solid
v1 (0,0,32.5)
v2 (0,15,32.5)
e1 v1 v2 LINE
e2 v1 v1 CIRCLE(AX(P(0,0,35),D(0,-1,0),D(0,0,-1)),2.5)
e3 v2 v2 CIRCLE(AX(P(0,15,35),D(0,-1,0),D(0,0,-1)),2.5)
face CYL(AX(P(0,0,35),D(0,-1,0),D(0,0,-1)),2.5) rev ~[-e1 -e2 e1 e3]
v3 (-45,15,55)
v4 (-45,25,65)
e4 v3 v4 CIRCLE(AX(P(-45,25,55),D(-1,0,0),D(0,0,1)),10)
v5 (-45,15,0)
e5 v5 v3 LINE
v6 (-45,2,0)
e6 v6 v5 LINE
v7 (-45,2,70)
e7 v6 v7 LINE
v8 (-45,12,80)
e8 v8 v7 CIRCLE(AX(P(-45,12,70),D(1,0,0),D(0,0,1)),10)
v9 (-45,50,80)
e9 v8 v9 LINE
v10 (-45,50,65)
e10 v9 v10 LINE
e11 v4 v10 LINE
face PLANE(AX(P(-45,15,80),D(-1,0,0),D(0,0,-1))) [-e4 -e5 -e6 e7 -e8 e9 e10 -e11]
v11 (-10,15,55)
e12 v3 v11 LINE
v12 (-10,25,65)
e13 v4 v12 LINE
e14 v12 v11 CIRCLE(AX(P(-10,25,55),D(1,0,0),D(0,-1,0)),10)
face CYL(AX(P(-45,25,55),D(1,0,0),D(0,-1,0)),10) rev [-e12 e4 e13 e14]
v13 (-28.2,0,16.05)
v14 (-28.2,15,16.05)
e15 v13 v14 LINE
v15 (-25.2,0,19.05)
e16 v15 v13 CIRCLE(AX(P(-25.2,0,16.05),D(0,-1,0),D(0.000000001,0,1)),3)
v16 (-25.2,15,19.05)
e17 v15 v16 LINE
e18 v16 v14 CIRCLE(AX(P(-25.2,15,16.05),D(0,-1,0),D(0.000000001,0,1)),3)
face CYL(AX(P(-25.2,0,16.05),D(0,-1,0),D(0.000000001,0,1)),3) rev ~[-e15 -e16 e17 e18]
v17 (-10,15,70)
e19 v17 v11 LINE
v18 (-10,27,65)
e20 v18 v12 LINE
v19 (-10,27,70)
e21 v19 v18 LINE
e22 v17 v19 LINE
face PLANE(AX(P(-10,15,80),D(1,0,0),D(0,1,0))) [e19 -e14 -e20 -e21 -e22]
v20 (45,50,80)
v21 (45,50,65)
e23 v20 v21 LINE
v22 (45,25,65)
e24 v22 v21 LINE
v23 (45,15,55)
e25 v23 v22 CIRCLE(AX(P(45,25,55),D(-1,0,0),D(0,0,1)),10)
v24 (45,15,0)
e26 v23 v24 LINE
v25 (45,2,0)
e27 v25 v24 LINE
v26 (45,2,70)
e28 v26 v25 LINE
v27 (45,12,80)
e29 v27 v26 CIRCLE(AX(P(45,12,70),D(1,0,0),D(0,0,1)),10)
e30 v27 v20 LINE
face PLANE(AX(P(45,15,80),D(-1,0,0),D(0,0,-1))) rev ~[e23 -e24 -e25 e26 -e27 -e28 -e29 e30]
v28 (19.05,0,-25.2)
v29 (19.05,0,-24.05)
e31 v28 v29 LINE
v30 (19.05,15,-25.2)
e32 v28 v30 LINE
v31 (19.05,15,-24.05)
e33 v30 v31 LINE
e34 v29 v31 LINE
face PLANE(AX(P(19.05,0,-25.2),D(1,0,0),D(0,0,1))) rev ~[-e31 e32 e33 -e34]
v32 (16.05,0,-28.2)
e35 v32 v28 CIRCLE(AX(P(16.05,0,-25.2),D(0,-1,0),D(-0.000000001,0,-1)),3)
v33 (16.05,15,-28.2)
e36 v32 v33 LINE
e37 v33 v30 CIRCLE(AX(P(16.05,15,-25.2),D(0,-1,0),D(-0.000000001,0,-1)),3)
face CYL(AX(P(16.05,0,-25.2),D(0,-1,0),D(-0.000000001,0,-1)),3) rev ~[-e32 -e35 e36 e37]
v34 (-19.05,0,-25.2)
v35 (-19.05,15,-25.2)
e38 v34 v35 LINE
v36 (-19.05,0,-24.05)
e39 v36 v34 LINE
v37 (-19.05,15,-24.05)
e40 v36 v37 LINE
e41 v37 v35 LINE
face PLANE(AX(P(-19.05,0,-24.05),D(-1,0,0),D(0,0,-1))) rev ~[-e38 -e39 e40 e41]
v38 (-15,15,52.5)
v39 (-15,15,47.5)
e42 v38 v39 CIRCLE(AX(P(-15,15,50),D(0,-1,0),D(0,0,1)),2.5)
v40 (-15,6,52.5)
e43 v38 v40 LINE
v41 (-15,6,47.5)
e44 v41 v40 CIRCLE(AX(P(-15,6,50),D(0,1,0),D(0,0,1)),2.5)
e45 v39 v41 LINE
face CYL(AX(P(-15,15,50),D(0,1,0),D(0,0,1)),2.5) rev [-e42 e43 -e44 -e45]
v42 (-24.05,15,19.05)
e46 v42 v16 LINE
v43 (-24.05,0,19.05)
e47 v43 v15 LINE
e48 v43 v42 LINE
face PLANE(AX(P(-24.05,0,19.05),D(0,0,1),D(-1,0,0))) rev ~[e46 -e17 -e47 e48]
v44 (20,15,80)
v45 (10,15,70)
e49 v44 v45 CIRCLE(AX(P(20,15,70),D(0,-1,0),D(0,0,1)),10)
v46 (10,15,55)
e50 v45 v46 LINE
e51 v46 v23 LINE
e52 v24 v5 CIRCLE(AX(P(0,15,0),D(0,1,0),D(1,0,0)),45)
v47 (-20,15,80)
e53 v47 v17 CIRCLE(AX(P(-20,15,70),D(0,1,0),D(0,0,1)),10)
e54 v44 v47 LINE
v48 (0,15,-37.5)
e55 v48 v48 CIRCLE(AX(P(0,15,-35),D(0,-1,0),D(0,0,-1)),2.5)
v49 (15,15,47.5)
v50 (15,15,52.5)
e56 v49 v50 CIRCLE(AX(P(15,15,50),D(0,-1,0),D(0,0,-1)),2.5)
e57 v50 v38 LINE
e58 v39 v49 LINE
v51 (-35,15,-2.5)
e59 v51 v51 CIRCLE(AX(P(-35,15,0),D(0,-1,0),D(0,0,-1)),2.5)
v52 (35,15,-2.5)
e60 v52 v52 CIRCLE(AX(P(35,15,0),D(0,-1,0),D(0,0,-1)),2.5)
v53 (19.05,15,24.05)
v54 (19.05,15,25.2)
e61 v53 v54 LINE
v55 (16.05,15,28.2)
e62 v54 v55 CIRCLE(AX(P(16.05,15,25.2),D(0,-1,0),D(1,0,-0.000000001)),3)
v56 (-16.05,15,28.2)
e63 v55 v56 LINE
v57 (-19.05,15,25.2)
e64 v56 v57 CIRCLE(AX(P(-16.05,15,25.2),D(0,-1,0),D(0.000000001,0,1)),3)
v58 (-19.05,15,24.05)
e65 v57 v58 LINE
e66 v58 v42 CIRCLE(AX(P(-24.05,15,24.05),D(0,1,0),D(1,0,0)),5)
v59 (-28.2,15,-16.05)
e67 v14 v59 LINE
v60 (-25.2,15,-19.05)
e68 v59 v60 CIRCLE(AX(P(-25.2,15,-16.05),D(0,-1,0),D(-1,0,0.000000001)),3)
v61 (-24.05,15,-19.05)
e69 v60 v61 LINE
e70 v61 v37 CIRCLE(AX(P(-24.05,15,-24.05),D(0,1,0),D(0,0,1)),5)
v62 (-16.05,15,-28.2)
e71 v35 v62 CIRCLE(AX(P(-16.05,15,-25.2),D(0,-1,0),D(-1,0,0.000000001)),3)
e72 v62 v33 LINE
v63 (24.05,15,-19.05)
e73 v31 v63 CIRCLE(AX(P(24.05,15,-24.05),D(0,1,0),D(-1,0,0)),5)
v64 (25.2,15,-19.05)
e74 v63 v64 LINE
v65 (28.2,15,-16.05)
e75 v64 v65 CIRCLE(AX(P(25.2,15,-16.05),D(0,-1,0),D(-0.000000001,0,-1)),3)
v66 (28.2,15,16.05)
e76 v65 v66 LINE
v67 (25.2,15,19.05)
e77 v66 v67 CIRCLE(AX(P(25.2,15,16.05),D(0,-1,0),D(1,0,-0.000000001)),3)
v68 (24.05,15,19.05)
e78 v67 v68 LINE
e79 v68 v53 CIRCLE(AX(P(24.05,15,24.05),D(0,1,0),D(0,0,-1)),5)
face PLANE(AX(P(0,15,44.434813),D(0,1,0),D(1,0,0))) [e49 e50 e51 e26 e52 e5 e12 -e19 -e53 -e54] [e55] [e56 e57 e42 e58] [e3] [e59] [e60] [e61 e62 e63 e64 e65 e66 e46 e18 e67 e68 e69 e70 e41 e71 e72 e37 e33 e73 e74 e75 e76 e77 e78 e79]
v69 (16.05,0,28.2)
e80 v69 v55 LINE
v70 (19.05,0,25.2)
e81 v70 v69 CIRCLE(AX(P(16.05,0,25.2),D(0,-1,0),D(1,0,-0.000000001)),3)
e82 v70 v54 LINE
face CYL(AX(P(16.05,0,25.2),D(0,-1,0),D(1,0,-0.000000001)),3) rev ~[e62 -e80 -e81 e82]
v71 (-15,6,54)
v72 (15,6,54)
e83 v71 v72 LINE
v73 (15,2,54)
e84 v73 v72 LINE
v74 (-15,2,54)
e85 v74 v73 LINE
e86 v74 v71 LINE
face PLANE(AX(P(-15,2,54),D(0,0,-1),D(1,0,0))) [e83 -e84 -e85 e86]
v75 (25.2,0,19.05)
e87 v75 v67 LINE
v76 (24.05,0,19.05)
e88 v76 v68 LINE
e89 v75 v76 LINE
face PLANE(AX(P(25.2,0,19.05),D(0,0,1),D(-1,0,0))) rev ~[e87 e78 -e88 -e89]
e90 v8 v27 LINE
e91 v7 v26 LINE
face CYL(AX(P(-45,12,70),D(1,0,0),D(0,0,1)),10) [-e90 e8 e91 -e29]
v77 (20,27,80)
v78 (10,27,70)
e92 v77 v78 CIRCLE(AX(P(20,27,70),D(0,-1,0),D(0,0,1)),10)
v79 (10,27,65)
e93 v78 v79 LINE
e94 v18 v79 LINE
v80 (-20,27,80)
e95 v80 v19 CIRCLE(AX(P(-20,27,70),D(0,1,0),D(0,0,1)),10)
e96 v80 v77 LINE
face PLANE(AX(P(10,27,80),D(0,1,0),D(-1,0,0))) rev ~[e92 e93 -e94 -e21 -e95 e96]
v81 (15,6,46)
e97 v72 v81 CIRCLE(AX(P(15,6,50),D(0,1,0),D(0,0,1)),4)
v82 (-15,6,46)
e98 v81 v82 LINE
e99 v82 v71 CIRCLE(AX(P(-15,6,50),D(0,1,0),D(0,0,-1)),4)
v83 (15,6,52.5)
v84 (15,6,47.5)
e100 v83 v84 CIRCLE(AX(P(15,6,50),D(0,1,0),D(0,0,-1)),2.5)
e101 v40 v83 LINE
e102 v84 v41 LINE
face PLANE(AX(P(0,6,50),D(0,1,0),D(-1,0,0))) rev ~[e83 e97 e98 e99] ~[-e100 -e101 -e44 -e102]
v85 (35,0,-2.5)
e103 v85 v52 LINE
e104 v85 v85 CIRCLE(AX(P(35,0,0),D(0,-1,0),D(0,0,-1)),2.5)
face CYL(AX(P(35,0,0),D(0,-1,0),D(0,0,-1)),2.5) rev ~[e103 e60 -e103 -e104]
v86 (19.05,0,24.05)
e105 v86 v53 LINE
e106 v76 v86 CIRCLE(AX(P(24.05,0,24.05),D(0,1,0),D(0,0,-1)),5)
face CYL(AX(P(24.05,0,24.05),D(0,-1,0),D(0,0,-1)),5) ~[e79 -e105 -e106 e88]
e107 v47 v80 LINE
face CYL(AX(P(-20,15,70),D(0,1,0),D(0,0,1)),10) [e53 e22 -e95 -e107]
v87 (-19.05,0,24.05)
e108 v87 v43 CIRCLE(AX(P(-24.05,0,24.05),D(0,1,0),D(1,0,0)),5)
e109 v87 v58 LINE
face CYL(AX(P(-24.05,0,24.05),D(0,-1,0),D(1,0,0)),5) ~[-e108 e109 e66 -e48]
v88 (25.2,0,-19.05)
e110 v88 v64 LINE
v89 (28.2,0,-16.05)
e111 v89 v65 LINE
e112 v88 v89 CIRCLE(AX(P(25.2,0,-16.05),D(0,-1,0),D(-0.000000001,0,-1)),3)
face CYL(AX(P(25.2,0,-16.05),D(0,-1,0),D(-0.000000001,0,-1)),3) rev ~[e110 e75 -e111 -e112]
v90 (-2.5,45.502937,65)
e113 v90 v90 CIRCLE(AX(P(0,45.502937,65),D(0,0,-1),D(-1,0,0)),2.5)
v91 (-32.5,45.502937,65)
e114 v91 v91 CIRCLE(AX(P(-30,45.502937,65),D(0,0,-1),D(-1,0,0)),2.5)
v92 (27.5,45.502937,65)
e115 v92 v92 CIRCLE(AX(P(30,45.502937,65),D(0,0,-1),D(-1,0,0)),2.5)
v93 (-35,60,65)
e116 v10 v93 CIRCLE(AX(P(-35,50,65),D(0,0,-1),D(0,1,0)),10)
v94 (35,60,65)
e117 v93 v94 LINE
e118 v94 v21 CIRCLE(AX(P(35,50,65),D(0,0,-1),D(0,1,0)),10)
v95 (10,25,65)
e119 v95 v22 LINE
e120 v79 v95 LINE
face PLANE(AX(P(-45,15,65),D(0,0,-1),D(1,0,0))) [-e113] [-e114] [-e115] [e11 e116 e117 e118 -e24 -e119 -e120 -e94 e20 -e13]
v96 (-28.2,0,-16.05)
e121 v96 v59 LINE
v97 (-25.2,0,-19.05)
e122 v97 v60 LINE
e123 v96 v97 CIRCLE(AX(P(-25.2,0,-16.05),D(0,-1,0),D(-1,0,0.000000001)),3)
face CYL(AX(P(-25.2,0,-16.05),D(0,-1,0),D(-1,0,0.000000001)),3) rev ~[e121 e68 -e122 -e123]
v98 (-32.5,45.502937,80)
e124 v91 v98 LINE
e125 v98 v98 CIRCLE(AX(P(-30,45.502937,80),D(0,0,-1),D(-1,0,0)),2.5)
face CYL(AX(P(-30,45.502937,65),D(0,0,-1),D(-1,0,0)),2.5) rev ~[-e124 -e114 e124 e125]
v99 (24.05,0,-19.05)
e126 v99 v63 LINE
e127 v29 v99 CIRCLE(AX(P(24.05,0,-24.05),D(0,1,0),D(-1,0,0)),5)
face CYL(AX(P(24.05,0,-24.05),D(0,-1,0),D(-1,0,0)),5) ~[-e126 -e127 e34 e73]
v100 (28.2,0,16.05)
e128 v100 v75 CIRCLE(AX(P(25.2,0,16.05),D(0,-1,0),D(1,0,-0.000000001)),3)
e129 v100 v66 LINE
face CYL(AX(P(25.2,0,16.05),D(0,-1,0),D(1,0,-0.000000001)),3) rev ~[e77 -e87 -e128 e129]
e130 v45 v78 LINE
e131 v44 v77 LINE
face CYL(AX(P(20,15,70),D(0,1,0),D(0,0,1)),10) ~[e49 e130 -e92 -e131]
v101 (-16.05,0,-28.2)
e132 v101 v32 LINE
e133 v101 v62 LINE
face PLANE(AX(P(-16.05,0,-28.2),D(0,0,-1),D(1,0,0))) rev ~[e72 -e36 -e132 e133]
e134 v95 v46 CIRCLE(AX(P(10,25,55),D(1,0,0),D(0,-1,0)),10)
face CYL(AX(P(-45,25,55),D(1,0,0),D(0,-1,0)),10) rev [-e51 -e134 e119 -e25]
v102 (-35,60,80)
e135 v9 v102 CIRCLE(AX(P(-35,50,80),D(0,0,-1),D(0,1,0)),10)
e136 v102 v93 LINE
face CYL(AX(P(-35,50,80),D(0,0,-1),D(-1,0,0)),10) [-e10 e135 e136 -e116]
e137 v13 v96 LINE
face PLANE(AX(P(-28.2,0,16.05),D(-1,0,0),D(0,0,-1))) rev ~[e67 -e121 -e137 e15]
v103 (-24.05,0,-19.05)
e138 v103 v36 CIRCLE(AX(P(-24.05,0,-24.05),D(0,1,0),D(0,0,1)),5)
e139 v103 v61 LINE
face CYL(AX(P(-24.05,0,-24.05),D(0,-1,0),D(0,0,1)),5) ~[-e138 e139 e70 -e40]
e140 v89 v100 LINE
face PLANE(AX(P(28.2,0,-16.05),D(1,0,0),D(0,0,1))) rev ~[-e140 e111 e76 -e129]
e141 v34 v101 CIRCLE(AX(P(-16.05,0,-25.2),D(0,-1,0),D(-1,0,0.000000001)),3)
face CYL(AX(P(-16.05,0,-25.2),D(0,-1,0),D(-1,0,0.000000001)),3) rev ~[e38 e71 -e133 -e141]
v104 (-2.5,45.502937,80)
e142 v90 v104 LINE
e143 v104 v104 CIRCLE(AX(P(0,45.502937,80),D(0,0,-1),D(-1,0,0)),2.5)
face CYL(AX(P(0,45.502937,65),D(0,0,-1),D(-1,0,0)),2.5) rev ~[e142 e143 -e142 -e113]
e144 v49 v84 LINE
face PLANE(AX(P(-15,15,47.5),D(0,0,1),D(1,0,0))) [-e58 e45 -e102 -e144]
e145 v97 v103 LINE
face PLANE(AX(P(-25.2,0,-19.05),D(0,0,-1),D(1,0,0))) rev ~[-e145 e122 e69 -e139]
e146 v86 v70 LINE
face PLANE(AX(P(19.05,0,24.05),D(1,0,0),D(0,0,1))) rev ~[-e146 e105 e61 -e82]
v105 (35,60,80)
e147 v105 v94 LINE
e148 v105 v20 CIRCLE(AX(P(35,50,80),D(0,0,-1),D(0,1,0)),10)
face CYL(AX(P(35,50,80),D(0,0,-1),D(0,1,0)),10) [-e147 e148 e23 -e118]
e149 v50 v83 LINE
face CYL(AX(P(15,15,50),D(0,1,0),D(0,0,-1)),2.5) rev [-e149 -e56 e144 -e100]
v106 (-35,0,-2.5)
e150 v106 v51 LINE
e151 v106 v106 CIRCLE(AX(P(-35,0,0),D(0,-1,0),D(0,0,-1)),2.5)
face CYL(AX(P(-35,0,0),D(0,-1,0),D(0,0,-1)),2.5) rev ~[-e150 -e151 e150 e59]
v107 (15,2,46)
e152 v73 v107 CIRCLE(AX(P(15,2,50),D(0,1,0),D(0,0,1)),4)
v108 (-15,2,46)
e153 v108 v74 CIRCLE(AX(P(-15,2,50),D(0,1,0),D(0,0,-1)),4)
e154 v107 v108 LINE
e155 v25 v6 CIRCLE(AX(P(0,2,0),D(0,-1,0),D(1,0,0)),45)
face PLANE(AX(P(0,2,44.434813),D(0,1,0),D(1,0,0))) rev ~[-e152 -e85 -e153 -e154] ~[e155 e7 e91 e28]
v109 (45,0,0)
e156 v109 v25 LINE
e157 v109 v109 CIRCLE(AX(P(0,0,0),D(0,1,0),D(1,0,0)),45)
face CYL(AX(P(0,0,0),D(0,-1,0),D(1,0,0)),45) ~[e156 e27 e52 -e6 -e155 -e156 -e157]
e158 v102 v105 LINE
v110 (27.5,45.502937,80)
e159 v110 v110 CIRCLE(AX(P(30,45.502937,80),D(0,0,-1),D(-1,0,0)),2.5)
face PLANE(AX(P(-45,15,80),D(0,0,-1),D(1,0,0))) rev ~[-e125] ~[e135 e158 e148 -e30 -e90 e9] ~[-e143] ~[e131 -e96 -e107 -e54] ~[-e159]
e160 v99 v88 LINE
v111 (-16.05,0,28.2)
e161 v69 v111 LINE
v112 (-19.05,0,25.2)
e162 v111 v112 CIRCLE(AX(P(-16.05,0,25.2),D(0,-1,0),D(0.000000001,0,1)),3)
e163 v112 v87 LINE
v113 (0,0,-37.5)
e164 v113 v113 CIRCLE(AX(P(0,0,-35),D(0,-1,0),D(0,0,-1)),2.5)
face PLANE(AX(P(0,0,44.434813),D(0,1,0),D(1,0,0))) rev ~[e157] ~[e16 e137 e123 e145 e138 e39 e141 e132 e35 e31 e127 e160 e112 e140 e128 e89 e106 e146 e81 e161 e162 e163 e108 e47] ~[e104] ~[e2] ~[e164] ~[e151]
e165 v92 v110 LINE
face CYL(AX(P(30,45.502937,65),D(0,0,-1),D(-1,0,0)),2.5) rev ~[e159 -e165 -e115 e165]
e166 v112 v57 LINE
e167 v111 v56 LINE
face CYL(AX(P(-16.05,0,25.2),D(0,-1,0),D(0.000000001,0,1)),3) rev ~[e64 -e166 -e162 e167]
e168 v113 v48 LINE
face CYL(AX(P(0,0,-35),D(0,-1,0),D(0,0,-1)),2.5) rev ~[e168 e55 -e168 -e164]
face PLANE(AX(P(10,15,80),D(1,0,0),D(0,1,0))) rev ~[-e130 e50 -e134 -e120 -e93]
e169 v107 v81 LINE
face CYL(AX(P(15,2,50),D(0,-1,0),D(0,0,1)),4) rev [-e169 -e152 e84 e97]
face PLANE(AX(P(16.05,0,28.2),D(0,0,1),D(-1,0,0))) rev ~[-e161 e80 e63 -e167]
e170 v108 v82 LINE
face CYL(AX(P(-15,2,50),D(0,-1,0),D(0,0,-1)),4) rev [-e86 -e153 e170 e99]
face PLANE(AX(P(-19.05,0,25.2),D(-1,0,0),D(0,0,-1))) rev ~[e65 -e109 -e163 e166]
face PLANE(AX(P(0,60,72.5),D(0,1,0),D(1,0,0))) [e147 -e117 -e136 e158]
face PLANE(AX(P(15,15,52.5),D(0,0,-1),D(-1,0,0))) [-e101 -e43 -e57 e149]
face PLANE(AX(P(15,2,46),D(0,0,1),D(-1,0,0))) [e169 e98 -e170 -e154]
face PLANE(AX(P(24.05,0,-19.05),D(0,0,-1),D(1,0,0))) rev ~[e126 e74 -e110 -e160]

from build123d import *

# Parameters (mm, degrees)
BOSS_EXTRUDE1_DEPTH     = 15
SKETCH2_W               = 90
SKETCH2_H               = 15
BOSS_EXTRUDE2_DEPTH     = 45
CUT_EXTRUDE1_DEPTH      = 2
SKETCH4_R               = 2.5
CUT_EXTRUDE2_DEPTH      = 110.658560997
FILLET1_R               = 10
SKETCH5_R               = 2.5
CUT_EXTRUDE3_DEPTH      = 134.135269557
CUT_EXTRUDE4_DEPTH      = 103.225241501
CUT_EXTRUDE5_DEPTH      = 4
CUT_EXTRUDE6_DEPTH      = 10
CUT_EXTRUDE6_DEPTH_BACK = 15
SKETCH8_W               = 20
SKETCH8_H               = 12
FILLET2_R               = 10


with BuildPart() as part:
    # Sketch1 → Boss-Extrude1 (new body)
    with BuildSketch(Plane(origin=(0, 0, 0), x_dir=(1, 0, 0), z_dir=(0, 1, 0))):
        with BuildLine():
            ThreePointArc((45, 0), (0, -45), (-45, 0))
            Line((-45, 0), (-45, -80))
            Line((-45, -80), (45, -80))
            Line((45, -80), (45, 0))
        make_face()
        with BuildLine():
            Line((-28.2, -16.05), (-28.2, 0))
            Line((-28.2, 0), (-45, 0))
            ThreePointArc((-45, 0), (0, -45), (45, 0))
            Line((45, 0), (28.2, 0))
            Line((28.2, 0), (28.2, -16.05))
            ThreePointArc((28.2, -16.05), (27.321320344, -18.171320344), (25.2, -19.05))
            Line((25.2, -19.05), (24.05, -19.05))
            ThreePointArc((24.05, -19.05), (20.514466094, -20.514466094), (19.05, -24.05))
            Line((19.05, -24.05), (19.05, -25.2))
            ThreePointArc((19.05, -25.2), (18.171320344, -27.321320344), (16.05, -28.2))
            Line((16.05, -28.2), (-16.05, -28.2))
            ThreePointArc((-16.05, -28.2), (-18.171320344, -27.321320344), (-19.05, -25.2))
            Line((-19.05, -25.2), (-19.05, -24.05))
            ThreePointArc((-19.05, -24.05), (-20.514466094, -20.514466094), (-24.05, -19.05))
            Line((-24.05, -19.05), (-25.2, -19.05))
            ThreePointArc((-25.2, -19.05), (-27.321320344, -18.171320344), (-28.2, -16.05))
        make_face()
        with BuildLine():
            ThreePointArc((-19.05, 25.2), (-18.171320344, 27.321320344), (-16.05, 28.2))
            Line((-16.05, 28.2), (16.05, 28.2))
            ThreePointArc((16.05, 28.2), (18.171320344, 27.321320344), (19.05, 25.2))
            Line((19.05, 25.2), (19.05, 24.05))
            ThreePointArc((19.05, 24.05), (20.514466094, 20.514466094), (24.05, 19.05))
            Line((24.05, 19.05), (25.2, 19.05))
            ThreePointArc((25.2, 19.05), (27.321320344, 18.171320344), (28.2, 16.05))
            Line((28.2, 16.05), (28.2, 0))
            Line((28.2, 0), (45, 0))
            ThreePointArc((45, 0), (0, 45), (-45, 0))
            Line((-45, 0), (-28.2, 0))
            Line((-28.2, 0), (-28.2, 16.05))
            ThreePointArc((-28.2, 16.05), (-27.321320344, 18.171320344), (-25.2, 19.05))
            Line((-25.2, 19.05), (-24.05, 19.05))
            ThreePointArc((-24.05, 19.05), (-20.514466094, 20.514466094), (-19.05, 24.05))
            Line((-19.05, 24.05), (-19.05, 25.2))
        make_face()
    extrude(amount=BOSS_EXTRUDE1_DEPTH)

    # Sketch2 → Boss-Extrude2 (add)
    with BuildSketch(Plane(origin=(0, 15, 0), x_dir=(1, 0, 0), z_dir=(0, 1, 0))):
        with Locations((0, -72.5)):
            Rectangle(SKETCH2_W, SKETCH2_H)
    extrude(amount=BOSS_EXTRUDE2_DEPTH)

    # Sketch3 → Cut-Extrude1 (cut)
    with BuildSketch(Plane(origin=(0, 0, 0), x_dir=(-1, 0, 0), z_dir=(0, -1, 0))):
        with BuildLine():
            Line((45, -80), (-45, -80))
            Line((-45, -80), (-45, 0))
            ThreePointArc((-45, 0), (0, -45), (45, 0))
            Line((45, 0), (45, -80))
        make_face()
    extrude(amount=-CUT_EXTRUDE1_DEPTH, mode=Mode.SUBTRACT)

    # Sketch4 → Cut-Extrude2 (cut, through all)
    with BuildSketch(Plane(origin=(0, 0, 0), x_dir=(-1, 0, 0), z_dir=(0, -1, 0))):
        with Locations(Location((0, -35, 0), (0, 0, 90))):
            Circle(SKETCH4_R)
        with Locations(Location((-35, 0, 0), (0, 0, 90))):
            Circle(SKETCH4_R)
        with Locations(Location((0, 35, 0), (0, 0, 90))):
            Circle(SKETCH4_R)
        with Locations(Location((35, 0, 0), (0, 0, 90))):
            Circle(SKETCH4_R)
    extrude(amount=-CUT_EXTRUDE2_DEPTH, mode=Mode.SUBTRACT)

    # Fillet1
    fillet1_edges = [part.edges().sort_by_distance(p)[0] for p in [
        (0, 2, 80),
        (-45, 60, 72.5),
        (45, 60, 72.5),
        (0, 15, 65),
    ]]
    fillet(fillet1_edges, radius=FILLET1_R)

    # Sketch5 → Cut-Extrude3 (cut, through all)
    with BuildSketch(Plane(origin=(0, 0, 65), x_dir=(-1, 0, 0), z_dir=(0, 0, -1))):
        with Locations((-30, 45.502937017)):
            Circle(SKETCH5_R)
        with Locations((30, 45.502937017)):
            Circle(SKETCH5_R)
        with Locations((0, 45.502937017)):
            Circle(SKETCH5_R)
    extrude(amount=-CUT_EXTRUDE3_DEPTH, mode=Mode.SUBTRACT)

    # Sketch6 → Cut-Extrude4 (cut, through all)
    with BuildSketch(Plane(origin=(0, 15, 0), x_dir=(1, 0, 0), z_dir=(0, 1, 0))):
        with BuildLine():
            Line((-15, -47.5), (15, -47.5))
            ThreePointArc((15, -47.5), (17.5, -50), (15, -52.5))
            Line((15, -52.5), (-15, -52.5))
            ThreePointArc((-15, -52.5), (-17.5, -50), (-15, -47.5))
        make_face()
    extrude(amount=-CUT_EXTRUDE4_DEPTH, mode=Mode.SUBTRACT)

    # Sketch7 → Cut-Extrude5 (cut)
    with BuildSketch(Plane.XZ.offset(-2)):
        with BuildLine():
            Line((-15, 54), (15, 54))
            ThreePointArc((15, 54), (19, 50), (15, 46))
            Line((15, 46), (-15, 46))
            ThreePointArc((-15, 46), (-19, 50), (-15, 54))
        make_face()
    extrude(amount=-CUT_EXTRUDE5_DEPTH, mode=Mode.SUBTRACT)

    # Sketch8 → Cut-Extrude6 (cut, two sides: drawn at the far end of the back side and taken through both)
    with BuildSketch(Plane(origin=(0, 0, 65), x_dir=(-1, 0, 0), z_dir=(0, 0, -1)).offset(-CUT_EXTRUDE6_DEPTH_BACK)):
        with Locations((0, 21)):
            Rectangle(SKETCH8_W, SKETCH8_H)
    extrude(amount=CUT_EXTRUDE6_DEPTH + CUT_EXTRUDE6_DEPTH_BACK, mode=Mode.SUBTRACT)

    # Fillet2
    fillet2_edges = [part.edges().sort_by_distance(p)[0] for p in [
        (10, 21, 80),
        (-10, 21, 80),
    ]]
    fillet(fillet2_edges, radius=FILLET2_R)


solid = part.part
